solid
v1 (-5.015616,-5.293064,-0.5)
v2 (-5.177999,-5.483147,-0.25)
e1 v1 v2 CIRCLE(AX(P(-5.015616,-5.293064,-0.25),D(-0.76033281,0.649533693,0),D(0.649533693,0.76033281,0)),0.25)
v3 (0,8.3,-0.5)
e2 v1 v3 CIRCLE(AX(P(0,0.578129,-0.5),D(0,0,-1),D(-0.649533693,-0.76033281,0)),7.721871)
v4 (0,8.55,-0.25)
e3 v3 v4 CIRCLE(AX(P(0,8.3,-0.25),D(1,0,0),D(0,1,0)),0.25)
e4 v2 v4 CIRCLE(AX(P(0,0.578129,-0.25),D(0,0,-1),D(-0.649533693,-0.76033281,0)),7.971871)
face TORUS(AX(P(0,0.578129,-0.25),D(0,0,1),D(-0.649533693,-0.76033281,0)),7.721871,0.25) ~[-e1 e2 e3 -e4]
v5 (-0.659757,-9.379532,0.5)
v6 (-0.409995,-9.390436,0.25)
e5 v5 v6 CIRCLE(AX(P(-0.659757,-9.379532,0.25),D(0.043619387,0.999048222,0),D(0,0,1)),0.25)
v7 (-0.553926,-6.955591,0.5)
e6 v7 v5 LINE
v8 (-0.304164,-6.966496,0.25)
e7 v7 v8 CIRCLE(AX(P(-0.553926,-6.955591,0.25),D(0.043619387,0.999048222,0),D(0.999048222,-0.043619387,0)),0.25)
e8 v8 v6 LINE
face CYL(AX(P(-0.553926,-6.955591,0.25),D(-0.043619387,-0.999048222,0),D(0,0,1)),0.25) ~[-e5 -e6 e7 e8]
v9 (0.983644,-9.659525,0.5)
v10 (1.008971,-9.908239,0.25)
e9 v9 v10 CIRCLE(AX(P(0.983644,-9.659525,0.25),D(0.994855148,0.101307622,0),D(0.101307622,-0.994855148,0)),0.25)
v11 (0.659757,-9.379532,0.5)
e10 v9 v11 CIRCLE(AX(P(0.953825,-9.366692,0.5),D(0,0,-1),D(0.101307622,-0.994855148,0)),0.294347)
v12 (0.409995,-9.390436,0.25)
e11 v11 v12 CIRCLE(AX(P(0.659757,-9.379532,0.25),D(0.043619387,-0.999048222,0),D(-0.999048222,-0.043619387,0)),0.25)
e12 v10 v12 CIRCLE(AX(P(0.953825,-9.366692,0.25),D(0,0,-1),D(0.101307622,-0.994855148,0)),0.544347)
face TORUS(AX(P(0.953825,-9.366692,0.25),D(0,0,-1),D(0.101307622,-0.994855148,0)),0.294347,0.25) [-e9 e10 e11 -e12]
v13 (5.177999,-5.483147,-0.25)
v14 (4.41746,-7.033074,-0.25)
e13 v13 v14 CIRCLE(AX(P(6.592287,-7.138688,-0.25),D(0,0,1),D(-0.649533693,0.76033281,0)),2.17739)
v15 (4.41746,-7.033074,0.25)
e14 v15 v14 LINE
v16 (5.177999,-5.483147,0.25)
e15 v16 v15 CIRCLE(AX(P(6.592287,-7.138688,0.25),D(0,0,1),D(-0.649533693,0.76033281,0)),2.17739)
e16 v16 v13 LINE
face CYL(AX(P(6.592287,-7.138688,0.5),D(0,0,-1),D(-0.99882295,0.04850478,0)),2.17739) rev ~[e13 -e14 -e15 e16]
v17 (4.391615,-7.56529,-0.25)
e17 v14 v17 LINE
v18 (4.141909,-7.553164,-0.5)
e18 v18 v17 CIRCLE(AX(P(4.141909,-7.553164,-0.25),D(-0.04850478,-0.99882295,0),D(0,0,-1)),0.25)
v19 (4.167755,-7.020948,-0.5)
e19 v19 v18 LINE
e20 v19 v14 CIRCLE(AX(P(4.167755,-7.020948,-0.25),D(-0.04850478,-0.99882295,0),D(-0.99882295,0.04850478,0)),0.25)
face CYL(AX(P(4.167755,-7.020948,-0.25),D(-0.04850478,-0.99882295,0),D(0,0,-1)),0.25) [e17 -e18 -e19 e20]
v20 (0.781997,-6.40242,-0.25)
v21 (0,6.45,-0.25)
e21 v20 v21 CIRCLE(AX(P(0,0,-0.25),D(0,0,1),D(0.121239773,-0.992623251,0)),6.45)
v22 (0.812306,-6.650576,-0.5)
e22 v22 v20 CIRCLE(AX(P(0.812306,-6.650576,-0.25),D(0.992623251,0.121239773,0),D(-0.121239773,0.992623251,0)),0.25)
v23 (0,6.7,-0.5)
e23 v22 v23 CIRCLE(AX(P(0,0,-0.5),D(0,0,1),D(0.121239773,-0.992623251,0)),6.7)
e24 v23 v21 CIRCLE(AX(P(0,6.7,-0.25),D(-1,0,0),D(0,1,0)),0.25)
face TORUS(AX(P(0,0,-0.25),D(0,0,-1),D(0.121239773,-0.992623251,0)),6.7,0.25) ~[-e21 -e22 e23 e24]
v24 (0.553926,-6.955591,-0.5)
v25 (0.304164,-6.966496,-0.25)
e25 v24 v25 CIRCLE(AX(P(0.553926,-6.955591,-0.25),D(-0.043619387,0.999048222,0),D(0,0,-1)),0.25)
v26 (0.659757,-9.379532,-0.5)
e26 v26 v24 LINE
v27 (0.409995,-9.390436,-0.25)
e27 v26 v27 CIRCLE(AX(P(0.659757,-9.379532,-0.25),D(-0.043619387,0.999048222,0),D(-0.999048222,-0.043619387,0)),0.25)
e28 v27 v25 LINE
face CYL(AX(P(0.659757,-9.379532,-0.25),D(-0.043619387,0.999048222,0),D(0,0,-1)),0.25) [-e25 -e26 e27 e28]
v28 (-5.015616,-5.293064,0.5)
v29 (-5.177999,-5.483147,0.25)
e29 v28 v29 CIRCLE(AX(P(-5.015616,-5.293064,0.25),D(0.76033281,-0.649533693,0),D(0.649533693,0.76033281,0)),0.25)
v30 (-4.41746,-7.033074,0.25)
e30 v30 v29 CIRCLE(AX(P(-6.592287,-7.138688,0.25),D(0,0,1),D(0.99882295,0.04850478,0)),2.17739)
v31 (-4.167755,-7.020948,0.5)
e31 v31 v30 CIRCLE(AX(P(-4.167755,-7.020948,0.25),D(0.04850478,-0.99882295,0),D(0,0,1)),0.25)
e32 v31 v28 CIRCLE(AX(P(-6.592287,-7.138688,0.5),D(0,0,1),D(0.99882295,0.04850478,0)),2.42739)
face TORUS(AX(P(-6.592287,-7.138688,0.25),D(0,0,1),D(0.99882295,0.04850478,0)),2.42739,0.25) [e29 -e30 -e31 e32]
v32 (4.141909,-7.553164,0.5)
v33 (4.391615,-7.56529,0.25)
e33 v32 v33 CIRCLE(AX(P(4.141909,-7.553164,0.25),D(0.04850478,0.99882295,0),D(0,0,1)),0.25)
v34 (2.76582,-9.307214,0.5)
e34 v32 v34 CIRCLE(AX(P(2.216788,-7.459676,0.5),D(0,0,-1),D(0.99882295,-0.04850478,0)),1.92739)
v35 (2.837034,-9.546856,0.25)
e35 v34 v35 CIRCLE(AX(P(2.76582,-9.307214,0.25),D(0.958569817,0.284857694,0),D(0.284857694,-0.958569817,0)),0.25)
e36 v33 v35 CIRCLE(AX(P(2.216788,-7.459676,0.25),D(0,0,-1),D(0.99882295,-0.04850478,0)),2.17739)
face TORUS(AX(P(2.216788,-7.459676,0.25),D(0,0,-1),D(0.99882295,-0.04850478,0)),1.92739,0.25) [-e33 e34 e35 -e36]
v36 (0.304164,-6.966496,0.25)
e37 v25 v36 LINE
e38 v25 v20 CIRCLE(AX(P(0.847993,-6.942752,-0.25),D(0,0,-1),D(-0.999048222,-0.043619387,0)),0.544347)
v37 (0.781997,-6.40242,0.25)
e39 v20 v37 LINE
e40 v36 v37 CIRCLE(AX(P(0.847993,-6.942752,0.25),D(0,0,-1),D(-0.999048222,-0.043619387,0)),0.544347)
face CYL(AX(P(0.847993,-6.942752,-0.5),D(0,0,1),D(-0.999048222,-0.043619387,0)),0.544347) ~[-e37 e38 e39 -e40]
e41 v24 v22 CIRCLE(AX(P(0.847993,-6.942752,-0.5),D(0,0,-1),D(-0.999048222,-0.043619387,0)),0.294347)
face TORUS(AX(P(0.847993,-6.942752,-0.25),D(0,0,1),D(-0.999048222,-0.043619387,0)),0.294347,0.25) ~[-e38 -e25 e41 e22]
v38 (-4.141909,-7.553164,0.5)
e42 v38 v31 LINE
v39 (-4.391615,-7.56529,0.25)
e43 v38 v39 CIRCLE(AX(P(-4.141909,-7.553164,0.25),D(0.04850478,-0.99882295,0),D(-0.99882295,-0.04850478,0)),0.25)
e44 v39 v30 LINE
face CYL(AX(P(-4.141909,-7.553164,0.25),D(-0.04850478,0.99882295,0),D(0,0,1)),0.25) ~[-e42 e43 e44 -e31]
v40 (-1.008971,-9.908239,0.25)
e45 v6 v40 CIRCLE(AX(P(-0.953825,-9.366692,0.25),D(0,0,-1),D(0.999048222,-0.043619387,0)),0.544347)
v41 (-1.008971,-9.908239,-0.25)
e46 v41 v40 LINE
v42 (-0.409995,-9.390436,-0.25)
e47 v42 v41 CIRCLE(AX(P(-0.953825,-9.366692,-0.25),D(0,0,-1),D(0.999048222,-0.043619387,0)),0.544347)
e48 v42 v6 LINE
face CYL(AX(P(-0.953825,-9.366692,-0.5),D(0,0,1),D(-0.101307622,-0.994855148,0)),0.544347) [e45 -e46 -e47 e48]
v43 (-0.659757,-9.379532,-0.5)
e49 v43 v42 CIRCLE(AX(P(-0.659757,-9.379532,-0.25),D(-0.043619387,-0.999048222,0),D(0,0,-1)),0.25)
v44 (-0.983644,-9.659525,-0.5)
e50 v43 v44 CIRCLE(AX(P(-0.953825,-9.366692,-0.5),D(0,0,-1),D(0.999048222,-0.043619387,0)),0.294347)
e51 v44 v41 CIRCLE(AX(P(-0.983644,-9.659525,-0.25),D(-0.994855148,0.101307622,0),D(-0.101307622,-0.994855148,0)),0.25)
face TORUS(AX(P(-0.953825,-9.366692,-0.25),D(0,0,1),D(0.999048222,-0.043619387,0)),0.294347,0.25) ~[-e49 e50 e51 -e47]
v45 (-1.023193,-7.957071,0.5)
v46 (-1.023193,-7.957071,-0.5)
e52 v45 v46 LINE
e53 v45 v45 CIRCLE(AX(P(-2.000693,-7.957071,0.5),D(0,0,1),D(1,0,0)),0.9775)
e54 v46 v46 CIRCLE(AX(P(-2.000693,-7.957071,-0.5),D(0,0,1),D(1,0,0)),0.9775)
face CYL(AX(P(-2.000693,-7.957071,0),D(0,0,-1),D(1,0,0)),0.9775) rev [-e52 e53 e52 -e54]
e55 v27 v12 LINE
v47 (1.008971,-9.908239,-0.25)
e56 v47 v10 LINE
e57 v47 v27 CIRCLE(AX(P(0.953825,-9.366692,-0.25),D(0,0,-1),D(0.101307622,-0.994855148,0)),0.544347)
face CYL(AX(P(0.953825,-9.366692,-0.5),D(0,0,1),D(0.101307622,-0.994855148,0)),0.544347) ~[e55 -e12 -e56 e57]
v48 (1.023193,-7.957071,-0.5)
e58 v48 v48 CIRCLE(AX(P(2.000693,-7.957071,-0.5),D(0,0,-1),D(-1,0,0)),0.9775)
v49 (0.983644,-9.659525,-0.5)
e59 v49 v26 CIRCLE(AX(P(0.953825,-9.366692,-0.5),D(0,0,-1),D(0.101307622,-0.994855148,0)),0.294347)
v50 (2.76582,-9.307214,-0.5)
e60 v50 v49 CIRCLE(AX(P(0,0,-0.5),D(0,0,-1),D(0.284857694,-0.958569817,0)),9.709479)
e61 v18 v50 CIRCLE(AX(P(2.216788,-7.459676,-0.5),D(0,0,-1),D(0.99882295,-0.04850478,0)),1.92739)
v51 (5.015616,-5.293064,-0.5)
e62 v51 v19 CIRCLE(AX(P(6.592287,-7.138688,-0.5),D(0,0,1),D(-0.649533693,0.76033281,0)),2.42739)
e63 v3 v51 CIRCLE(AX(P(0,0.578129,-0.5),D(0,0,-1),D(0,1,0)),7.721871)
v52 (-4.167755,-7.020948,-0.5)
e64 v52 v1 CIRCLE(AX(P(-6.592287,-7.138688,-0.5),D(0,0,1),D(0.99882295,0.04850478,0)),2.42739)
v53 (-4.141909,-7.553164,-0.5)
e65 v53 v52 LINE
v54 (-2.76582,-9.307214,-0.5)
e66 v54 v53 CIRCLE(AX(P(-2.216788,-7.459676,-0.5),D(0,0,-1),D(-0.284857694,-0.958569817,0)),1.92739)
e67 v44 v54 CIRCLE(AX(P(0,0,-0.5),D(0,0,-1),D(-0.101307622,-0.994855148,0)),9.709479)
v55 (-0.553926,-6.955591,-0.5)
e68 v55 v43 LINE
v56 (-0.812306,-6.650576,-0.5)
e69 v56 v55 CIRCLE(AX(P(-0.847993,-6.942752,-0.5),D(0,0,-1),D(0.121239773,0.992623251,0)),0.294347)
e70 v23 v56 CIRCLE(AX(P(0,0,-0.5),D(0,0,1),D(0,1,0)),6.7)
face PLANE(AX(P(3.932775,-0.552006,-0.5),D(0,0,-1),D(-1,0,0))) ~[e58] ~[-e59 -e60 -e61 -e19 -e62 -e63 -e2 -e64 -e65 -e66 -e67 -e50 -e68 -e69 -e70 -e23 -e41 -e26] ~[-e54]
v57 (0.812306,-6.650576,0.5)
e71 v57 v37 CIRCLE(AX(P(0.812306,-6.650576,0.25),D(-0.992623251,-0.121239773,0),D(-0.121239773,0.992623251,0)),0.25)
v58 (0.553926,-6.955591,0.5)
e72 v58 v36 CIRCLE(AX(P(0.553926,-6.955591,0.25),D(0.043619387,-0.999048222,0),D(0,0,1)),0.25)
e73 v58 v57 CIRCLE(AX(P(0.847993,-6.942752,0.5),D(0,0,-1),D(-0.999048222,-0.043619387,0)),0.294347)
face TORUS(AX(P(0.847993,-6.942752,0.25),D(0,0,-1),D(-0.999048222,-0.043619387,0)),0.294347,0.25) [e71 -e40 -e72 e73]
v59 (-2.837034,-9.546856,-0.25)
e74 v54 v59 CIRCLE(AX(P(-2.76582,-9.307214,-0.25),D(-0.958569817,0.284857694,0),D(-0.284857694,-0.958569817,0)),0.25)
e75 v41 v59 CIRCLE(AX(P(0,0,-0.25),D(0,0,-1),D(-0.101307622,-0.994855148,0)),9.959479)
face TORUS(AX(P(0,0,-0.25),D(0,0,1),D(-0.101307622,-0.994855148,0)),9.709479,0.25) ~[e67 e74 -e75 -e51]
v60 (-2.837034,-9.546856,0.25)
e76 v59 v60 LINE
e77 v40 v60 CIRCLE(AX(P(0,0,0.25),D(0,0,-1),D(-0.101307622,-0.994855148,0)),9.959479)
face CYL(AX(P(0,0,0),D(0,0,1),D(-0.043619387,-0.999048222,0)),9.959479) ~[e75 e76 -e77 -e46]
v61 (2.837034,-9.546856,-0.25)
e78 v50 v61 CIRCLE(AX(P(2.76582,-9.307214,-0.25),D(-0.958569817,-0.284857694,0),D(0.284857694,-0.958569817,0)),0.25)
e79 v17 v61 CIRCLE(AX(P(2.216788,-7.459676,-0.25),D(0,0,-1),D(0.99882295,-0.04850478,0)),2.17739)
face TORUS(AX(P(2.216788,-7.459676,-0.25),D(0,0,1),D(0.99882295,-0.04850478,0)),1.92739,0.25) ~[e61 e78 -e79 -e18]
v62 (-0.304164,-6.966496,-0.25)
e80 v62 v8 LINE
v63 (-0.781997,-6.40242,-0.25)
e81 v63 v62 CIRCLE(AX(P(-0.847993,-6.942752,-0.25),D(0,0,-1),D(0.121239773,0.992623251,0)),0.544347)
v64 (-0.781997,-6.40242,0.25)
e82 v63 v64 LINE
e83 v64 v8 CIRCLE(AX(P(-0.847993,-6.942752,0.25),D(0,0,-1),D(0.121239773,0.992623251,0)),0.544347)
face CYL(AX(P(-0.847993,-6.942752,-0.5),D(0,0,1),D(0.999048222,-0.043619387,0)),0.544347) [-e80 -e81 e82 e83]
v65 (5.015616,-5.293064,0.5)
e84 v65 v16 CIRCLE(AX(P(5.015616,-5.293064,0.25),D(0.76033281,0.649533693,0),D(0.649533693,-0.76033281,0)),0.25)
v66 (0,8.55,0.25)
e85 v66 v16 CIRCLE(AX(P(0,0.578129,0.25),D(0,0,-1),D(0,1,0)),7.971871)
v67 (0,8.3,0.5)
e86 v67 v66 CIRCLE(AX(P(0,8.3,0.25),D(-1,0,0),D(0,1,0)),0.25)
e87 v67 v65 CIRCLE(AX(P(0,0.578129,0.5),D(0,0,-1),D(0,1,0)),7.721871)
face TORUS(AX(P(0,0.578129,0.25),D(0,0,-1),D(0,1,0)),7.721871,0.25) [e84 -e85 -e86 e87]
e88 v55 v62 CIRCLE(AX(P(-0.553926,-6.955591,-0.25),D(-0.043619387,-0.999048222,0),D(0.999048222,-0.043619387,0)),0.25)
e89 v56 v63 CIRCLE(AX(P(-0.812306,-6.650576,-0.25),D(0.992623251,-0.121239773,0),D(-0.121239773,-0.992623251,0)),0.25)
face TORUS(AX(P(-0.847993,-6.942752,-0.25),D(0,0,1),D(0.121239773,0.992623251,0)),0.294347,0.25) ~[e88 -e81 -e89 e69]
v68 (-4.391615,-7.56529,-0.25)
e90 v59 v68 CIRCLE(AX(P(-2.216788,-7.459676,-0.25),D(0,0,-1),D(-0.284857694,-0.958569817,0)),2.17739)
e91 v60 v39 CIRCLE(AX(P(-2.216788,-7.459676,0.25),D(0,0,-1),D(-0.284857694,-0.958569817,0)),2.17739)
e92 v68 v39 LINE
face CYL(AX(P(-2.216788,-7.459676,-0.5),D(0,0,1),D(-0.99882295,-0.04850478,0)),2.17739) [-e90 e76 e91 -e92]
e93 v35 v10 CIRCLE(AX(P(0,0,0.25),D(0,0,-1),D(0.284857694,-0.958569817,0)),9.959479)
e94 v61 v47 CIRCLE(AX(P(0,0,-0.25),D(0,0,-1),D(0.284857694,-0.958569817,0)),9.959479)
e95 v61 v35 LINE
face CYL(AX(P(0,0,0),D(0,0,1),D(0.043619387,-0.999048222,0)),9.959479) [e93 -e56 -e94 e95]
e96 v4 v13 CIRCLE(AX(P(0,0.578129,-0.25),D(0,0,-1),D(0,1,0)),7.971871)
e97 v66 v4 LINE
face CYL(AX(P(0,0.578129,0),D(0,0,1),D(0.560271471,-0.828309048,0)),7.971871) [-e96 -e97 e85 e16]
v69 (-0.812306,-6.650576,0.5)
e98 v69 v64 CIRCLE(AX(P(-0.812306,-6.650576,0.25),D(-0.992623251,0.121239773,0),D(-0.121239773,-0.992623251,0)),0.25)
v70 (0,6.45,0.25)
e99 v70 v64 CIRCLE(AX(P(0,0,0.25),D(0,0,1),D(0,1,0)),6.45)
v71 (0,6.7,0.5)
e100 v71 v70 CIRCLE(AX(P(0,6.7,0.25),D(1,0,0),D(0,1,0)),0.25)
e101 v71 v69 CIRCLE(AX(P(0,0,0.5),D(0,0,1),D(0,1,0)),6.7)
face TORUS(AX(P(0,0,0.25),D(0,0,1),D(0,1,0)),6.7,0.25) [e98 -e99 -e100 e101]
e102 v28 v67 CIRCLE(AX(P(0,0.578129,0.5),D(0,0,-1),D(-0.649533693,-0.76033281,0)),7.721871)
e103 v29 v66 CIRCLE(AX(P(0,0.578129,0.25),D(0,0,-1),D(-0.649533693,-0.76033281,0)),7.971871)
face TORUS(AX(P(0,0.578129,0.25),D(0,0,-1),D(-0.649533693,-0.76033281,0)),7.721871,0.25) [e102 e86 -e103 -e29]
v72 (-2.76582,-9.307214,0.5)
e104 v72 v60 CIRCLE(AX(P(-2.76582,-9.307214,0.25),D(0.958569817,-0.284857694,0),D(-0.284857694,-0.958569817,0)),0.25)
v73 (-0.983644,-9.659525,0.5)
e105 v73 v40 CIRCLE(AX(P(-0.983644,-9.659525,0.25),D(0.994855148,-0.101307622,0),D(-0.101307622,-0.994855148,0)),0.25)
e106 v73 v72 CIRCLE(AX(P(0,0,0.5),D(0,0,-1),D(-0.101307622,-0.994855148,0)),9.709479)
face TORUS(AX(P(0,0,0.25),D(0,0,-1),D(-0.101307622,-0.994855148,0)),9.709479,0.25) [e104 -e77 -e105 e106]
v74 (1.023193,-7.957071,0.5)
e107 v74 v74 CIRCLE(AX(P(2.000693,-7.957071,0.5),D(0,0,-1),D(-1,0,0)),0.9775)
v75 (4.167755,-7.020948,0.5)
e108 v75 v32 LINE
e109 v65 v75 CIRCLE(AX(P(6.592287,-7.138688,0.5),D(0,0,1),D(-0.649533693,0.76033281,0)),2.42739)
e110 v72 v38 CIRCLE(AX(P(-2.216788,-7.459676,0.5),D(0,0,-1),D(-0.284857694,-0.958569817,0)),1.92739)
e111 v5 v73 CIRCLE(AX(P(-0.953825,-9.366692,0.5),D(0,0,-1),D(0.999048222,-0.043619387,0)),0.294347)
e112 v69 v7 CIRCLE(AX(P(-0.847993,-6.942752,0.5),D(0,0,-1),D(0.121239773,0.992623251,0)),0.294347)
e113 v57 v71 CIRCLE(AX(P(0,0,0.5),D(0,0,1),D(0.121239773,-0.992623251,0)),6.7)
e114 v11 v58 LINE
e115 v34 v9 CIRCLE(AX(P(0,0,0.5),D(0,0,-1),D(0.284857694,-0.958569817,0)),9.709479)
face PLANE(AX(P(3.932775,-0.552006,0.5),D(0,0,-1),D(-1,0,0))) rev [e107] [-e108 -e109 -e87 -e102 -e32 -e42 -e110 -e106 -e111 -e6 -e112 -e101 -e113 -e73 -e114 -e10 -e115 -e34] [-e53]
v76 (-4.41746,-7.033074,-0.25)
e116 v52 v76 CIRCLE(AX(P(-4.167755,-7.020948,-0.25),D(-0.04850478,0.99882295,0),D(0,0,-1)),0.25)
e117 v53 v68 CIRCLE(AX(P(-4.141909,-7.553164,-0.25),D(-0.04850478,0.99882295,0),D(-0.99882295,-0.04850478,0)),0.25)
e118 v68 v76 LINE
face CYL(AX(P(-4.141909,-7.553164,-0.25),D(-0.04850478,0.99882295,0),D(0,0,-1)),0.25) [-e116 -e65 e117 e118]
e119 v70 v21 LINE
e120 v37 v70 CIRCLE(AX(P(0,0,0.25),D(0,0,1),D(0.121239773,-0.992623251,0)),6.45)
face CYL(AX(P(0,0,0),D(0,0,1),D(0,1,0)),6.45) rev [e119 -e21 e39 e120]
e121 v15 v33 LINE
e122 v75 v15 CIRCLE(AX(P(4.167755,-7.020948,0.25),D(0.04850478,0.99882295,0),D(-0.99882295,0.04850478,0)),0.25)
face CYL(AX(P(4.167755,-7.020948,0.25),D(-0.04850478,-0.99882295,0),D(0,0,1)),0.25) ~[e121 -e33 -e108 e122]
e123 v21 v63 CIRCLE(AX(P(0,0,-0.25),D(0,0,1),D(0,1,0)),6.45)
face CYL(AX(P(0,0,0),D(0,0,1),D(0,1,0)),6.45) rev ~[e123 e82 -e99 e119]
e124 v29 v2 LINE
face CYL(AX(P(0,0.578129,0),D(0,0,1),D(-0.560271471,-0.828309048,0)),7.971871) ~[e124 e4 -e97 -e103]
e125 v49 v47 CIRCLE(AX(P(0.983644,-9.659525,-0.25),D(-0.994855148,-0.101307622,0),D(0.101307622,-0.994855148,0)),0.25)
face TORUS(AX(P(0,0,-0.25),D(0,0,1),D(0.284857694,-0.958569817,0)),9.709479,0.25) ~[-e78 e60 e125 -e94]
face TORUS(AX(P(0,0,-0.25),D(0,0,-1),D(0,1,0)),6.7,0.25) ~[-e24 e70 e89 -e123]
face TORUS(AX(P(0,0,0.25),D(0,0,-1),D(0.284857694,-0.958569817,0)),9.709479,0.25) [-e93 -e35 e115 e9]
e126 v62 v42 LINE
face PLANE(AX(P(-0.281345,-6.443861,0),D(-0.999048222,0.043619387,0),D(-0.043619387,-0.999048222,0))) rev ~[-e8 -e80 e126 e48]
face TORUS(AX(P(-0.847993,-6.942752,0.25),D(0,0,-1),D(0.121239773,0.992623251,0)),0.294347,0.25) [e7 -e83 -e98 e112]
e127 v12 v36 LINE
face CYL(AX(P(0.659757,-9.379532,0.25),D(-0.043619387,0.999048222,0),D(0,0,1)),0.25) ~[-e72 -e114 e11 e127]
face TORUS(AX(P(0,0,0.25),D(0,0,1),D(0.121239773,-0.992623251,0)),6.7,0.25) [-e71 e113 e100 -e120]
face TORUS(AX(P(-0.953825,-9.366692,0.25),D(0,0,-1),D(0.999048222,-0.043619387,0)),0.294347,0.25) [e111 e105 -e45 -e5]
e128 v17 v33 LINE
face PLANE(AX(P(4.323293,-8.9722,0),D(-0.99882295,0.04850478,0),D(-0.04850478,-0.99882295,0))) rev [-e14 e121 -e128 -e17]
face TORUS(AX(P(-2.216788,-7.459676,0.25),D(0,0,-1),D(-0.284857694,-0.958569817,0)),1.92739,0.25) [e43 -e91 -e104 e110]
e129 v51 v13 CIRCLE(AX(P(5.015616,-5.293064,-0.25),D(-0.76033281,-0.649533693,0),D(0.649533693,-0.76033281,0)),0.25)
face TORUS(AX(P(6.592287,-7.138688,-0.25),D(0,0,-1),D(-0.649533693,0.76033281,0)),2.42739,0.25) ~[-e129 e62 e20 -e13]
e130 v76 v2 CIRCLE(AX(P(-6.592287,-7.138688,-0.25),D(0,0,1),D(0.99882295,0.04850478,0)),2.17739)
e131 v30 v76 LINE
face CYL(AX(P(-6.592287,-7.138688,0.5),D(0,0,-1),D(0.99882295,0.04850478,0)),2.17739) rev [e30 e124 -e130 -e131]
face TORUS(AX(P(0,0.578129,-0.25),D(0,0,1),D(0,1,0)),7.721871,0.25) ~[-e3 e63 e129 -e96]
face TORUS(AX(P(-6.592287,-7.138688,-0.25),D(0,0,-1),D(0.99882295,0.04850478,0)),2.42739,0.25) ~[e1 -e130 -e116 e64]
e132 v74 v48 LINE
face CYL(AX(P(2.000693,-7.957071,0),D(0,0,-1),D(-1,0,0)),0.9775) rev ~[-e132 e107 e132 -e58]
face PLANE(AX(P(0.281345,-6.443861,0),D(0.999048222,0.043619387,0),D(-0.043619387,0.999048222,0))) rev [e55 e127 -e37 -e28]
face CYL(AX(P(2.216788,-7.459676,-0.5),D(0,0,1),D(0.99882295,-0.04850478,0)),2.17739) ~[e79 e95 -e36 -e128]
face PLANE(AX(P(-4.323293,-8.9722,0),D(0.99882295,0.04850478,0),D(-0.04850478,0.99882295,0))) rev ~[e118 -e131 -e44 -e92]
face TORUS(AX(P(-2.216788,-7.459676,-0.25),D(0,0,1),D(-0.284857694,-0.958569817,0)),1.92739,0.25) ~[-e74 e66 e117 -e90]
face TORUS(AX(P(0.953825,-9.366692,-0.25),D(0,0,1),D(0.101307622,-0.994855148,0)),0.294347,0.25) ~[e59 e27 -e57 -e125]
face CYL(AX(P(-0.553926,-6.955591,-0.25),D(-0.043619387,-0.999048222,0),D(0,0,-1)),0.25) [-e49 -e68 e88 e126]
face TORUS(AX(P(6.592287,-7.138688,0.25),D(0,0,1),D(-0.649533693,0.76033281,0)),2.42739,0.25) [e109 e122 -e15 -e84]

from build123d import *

# Parameters (mm, degrees)
SKETCH2_R           = 0.9775
BOSS_EXTRUDE1_DEPTH = 0.5
FILLET1_R           = 2.17738962
FILLET2_R           = 0.544347405
FILLET3_R           = 0.25


with BuildPart() as part:
    # Sketch2 → Boss-Extrude1 (new, symmetric)
    with BuildSketch(Plane.XY):
        with BuildLine():
            Line((-4.323292557, -8.972199716), (-4.466412125, -6.025044625))
            ThreePointArc((-4.466412125, -6.025044625), (-7.622020124, 2.913838976), (0, 8.55))
            Line((0, 8.55), (0, 6.45))
            ThreePointArc((0, 6.45), (-6.448465075, 0.140706008), (-0.281345049, -6.443861029))
            Line((-0.281345049, -6.443861029), (-0.434426382, -9.95))
            ThreePointArc((-0.434426382, -9.95), (-2.428578952, -9.658842092), (-4.323292557, -8.972199716))
        make_face()
        with Locations((-2.000692755, -7.957071103)):
            Circle(SKETCH2_R, mode=Mode.SUBTRACT)
    extrude(amount=BOSS_EXTRUDE1_DEPTH, both=True)

    # Fillet1
    fillet1_edges = [part.edges().sort_by_distance(p)[0] for p in [
        (-4.323292557, -8.972199716, 0),
        (-4.466412125, -6.025044625, 0),
    ]]
    fillet(fillet1_edges, radius=FILLET1_R)

    # Fillet2
    fillet2_edges = [part.edges().sort_by_distance(p)[0] for p in [
        (-0.281345049, -6.443861029, 0),
        (-0.434426382, -9.95, 0),
    ]]
    fillet(fillet2_edges, radius=FILLET2_R)

    # Mirror1: part across plane


with BuildPart() as part_1:
    add(part.part)
    add(part.part.mirror(Plane(origin=(0, 8.55, 0.5), x_dir=(0, 0, 1), z_dir=(-1, 0, 0))))

    # Fillet3
    fillet3_edges = [part_1.edges().sort_by_distance(p)[0] for p in [
        (-1.931473241, -9.770395969, -0.5),
        (-1.931473241, -9.770395969, 0.5),
        (-4.404537548, -7.299181883, -0.5),
        (-3.929902005, -8.80365027, -0.5),
        (-4.404537548, -7.299181883, 0.5),
        (-3.929902005, -8.80365027, 0.5),
        (-4.637548044, -6.179510223, -0.5),
        (-4.637548044, -6.179510223, 0.5),
        (-0.357079546, -8.178466205, -0.5),
        (-0.357079546, -8.178466205, 0.5),
        (6.438094003, 0.391721342, -0.5),
        (-0.432641038, -6.590904204, -0.5),
        (-0.597829357, -9.778495064, -0.5),
        (0, 6.45, 0.5),
        (-0.432641038, -6.590904204, 0.5),
        (7.478985284, 3.337750467, 0.5),
        (-0.597829357, -9.778495064, 0.5),
        (0.357079546, -8.178466205, -0.5),
        (4.404537548, -7.299181883, -0.5),
        (1.931473241, -9.770395969, -0.5),
        (4.404537548, -7.299181883, 0.5),
        (1.931473241, -9.770395969, 0.5),
        (0.357079546, -8.178466205, 0.5),
        (3.929902005, -8.80365027, 0.5),
        (3.929902005, -8.80365027, -0.5),
        (4.637548044, -6.179510223, 0.5),
        (4.637548044, -6.179510223, -0.5),
        (0.597829357, -9.778495064, 0.5),
        (0.597829357, -9.778495064, -0.5),
        (0.432641038, -6.590904204, 0.5),
        (0.432641038, -6.590904204, -0.5),
        (7.478985284, 3.337750467, -0.5),
    ]]
    fillet(fillet3_edges, radius=FILLET3_R)


solid = part_1.part
